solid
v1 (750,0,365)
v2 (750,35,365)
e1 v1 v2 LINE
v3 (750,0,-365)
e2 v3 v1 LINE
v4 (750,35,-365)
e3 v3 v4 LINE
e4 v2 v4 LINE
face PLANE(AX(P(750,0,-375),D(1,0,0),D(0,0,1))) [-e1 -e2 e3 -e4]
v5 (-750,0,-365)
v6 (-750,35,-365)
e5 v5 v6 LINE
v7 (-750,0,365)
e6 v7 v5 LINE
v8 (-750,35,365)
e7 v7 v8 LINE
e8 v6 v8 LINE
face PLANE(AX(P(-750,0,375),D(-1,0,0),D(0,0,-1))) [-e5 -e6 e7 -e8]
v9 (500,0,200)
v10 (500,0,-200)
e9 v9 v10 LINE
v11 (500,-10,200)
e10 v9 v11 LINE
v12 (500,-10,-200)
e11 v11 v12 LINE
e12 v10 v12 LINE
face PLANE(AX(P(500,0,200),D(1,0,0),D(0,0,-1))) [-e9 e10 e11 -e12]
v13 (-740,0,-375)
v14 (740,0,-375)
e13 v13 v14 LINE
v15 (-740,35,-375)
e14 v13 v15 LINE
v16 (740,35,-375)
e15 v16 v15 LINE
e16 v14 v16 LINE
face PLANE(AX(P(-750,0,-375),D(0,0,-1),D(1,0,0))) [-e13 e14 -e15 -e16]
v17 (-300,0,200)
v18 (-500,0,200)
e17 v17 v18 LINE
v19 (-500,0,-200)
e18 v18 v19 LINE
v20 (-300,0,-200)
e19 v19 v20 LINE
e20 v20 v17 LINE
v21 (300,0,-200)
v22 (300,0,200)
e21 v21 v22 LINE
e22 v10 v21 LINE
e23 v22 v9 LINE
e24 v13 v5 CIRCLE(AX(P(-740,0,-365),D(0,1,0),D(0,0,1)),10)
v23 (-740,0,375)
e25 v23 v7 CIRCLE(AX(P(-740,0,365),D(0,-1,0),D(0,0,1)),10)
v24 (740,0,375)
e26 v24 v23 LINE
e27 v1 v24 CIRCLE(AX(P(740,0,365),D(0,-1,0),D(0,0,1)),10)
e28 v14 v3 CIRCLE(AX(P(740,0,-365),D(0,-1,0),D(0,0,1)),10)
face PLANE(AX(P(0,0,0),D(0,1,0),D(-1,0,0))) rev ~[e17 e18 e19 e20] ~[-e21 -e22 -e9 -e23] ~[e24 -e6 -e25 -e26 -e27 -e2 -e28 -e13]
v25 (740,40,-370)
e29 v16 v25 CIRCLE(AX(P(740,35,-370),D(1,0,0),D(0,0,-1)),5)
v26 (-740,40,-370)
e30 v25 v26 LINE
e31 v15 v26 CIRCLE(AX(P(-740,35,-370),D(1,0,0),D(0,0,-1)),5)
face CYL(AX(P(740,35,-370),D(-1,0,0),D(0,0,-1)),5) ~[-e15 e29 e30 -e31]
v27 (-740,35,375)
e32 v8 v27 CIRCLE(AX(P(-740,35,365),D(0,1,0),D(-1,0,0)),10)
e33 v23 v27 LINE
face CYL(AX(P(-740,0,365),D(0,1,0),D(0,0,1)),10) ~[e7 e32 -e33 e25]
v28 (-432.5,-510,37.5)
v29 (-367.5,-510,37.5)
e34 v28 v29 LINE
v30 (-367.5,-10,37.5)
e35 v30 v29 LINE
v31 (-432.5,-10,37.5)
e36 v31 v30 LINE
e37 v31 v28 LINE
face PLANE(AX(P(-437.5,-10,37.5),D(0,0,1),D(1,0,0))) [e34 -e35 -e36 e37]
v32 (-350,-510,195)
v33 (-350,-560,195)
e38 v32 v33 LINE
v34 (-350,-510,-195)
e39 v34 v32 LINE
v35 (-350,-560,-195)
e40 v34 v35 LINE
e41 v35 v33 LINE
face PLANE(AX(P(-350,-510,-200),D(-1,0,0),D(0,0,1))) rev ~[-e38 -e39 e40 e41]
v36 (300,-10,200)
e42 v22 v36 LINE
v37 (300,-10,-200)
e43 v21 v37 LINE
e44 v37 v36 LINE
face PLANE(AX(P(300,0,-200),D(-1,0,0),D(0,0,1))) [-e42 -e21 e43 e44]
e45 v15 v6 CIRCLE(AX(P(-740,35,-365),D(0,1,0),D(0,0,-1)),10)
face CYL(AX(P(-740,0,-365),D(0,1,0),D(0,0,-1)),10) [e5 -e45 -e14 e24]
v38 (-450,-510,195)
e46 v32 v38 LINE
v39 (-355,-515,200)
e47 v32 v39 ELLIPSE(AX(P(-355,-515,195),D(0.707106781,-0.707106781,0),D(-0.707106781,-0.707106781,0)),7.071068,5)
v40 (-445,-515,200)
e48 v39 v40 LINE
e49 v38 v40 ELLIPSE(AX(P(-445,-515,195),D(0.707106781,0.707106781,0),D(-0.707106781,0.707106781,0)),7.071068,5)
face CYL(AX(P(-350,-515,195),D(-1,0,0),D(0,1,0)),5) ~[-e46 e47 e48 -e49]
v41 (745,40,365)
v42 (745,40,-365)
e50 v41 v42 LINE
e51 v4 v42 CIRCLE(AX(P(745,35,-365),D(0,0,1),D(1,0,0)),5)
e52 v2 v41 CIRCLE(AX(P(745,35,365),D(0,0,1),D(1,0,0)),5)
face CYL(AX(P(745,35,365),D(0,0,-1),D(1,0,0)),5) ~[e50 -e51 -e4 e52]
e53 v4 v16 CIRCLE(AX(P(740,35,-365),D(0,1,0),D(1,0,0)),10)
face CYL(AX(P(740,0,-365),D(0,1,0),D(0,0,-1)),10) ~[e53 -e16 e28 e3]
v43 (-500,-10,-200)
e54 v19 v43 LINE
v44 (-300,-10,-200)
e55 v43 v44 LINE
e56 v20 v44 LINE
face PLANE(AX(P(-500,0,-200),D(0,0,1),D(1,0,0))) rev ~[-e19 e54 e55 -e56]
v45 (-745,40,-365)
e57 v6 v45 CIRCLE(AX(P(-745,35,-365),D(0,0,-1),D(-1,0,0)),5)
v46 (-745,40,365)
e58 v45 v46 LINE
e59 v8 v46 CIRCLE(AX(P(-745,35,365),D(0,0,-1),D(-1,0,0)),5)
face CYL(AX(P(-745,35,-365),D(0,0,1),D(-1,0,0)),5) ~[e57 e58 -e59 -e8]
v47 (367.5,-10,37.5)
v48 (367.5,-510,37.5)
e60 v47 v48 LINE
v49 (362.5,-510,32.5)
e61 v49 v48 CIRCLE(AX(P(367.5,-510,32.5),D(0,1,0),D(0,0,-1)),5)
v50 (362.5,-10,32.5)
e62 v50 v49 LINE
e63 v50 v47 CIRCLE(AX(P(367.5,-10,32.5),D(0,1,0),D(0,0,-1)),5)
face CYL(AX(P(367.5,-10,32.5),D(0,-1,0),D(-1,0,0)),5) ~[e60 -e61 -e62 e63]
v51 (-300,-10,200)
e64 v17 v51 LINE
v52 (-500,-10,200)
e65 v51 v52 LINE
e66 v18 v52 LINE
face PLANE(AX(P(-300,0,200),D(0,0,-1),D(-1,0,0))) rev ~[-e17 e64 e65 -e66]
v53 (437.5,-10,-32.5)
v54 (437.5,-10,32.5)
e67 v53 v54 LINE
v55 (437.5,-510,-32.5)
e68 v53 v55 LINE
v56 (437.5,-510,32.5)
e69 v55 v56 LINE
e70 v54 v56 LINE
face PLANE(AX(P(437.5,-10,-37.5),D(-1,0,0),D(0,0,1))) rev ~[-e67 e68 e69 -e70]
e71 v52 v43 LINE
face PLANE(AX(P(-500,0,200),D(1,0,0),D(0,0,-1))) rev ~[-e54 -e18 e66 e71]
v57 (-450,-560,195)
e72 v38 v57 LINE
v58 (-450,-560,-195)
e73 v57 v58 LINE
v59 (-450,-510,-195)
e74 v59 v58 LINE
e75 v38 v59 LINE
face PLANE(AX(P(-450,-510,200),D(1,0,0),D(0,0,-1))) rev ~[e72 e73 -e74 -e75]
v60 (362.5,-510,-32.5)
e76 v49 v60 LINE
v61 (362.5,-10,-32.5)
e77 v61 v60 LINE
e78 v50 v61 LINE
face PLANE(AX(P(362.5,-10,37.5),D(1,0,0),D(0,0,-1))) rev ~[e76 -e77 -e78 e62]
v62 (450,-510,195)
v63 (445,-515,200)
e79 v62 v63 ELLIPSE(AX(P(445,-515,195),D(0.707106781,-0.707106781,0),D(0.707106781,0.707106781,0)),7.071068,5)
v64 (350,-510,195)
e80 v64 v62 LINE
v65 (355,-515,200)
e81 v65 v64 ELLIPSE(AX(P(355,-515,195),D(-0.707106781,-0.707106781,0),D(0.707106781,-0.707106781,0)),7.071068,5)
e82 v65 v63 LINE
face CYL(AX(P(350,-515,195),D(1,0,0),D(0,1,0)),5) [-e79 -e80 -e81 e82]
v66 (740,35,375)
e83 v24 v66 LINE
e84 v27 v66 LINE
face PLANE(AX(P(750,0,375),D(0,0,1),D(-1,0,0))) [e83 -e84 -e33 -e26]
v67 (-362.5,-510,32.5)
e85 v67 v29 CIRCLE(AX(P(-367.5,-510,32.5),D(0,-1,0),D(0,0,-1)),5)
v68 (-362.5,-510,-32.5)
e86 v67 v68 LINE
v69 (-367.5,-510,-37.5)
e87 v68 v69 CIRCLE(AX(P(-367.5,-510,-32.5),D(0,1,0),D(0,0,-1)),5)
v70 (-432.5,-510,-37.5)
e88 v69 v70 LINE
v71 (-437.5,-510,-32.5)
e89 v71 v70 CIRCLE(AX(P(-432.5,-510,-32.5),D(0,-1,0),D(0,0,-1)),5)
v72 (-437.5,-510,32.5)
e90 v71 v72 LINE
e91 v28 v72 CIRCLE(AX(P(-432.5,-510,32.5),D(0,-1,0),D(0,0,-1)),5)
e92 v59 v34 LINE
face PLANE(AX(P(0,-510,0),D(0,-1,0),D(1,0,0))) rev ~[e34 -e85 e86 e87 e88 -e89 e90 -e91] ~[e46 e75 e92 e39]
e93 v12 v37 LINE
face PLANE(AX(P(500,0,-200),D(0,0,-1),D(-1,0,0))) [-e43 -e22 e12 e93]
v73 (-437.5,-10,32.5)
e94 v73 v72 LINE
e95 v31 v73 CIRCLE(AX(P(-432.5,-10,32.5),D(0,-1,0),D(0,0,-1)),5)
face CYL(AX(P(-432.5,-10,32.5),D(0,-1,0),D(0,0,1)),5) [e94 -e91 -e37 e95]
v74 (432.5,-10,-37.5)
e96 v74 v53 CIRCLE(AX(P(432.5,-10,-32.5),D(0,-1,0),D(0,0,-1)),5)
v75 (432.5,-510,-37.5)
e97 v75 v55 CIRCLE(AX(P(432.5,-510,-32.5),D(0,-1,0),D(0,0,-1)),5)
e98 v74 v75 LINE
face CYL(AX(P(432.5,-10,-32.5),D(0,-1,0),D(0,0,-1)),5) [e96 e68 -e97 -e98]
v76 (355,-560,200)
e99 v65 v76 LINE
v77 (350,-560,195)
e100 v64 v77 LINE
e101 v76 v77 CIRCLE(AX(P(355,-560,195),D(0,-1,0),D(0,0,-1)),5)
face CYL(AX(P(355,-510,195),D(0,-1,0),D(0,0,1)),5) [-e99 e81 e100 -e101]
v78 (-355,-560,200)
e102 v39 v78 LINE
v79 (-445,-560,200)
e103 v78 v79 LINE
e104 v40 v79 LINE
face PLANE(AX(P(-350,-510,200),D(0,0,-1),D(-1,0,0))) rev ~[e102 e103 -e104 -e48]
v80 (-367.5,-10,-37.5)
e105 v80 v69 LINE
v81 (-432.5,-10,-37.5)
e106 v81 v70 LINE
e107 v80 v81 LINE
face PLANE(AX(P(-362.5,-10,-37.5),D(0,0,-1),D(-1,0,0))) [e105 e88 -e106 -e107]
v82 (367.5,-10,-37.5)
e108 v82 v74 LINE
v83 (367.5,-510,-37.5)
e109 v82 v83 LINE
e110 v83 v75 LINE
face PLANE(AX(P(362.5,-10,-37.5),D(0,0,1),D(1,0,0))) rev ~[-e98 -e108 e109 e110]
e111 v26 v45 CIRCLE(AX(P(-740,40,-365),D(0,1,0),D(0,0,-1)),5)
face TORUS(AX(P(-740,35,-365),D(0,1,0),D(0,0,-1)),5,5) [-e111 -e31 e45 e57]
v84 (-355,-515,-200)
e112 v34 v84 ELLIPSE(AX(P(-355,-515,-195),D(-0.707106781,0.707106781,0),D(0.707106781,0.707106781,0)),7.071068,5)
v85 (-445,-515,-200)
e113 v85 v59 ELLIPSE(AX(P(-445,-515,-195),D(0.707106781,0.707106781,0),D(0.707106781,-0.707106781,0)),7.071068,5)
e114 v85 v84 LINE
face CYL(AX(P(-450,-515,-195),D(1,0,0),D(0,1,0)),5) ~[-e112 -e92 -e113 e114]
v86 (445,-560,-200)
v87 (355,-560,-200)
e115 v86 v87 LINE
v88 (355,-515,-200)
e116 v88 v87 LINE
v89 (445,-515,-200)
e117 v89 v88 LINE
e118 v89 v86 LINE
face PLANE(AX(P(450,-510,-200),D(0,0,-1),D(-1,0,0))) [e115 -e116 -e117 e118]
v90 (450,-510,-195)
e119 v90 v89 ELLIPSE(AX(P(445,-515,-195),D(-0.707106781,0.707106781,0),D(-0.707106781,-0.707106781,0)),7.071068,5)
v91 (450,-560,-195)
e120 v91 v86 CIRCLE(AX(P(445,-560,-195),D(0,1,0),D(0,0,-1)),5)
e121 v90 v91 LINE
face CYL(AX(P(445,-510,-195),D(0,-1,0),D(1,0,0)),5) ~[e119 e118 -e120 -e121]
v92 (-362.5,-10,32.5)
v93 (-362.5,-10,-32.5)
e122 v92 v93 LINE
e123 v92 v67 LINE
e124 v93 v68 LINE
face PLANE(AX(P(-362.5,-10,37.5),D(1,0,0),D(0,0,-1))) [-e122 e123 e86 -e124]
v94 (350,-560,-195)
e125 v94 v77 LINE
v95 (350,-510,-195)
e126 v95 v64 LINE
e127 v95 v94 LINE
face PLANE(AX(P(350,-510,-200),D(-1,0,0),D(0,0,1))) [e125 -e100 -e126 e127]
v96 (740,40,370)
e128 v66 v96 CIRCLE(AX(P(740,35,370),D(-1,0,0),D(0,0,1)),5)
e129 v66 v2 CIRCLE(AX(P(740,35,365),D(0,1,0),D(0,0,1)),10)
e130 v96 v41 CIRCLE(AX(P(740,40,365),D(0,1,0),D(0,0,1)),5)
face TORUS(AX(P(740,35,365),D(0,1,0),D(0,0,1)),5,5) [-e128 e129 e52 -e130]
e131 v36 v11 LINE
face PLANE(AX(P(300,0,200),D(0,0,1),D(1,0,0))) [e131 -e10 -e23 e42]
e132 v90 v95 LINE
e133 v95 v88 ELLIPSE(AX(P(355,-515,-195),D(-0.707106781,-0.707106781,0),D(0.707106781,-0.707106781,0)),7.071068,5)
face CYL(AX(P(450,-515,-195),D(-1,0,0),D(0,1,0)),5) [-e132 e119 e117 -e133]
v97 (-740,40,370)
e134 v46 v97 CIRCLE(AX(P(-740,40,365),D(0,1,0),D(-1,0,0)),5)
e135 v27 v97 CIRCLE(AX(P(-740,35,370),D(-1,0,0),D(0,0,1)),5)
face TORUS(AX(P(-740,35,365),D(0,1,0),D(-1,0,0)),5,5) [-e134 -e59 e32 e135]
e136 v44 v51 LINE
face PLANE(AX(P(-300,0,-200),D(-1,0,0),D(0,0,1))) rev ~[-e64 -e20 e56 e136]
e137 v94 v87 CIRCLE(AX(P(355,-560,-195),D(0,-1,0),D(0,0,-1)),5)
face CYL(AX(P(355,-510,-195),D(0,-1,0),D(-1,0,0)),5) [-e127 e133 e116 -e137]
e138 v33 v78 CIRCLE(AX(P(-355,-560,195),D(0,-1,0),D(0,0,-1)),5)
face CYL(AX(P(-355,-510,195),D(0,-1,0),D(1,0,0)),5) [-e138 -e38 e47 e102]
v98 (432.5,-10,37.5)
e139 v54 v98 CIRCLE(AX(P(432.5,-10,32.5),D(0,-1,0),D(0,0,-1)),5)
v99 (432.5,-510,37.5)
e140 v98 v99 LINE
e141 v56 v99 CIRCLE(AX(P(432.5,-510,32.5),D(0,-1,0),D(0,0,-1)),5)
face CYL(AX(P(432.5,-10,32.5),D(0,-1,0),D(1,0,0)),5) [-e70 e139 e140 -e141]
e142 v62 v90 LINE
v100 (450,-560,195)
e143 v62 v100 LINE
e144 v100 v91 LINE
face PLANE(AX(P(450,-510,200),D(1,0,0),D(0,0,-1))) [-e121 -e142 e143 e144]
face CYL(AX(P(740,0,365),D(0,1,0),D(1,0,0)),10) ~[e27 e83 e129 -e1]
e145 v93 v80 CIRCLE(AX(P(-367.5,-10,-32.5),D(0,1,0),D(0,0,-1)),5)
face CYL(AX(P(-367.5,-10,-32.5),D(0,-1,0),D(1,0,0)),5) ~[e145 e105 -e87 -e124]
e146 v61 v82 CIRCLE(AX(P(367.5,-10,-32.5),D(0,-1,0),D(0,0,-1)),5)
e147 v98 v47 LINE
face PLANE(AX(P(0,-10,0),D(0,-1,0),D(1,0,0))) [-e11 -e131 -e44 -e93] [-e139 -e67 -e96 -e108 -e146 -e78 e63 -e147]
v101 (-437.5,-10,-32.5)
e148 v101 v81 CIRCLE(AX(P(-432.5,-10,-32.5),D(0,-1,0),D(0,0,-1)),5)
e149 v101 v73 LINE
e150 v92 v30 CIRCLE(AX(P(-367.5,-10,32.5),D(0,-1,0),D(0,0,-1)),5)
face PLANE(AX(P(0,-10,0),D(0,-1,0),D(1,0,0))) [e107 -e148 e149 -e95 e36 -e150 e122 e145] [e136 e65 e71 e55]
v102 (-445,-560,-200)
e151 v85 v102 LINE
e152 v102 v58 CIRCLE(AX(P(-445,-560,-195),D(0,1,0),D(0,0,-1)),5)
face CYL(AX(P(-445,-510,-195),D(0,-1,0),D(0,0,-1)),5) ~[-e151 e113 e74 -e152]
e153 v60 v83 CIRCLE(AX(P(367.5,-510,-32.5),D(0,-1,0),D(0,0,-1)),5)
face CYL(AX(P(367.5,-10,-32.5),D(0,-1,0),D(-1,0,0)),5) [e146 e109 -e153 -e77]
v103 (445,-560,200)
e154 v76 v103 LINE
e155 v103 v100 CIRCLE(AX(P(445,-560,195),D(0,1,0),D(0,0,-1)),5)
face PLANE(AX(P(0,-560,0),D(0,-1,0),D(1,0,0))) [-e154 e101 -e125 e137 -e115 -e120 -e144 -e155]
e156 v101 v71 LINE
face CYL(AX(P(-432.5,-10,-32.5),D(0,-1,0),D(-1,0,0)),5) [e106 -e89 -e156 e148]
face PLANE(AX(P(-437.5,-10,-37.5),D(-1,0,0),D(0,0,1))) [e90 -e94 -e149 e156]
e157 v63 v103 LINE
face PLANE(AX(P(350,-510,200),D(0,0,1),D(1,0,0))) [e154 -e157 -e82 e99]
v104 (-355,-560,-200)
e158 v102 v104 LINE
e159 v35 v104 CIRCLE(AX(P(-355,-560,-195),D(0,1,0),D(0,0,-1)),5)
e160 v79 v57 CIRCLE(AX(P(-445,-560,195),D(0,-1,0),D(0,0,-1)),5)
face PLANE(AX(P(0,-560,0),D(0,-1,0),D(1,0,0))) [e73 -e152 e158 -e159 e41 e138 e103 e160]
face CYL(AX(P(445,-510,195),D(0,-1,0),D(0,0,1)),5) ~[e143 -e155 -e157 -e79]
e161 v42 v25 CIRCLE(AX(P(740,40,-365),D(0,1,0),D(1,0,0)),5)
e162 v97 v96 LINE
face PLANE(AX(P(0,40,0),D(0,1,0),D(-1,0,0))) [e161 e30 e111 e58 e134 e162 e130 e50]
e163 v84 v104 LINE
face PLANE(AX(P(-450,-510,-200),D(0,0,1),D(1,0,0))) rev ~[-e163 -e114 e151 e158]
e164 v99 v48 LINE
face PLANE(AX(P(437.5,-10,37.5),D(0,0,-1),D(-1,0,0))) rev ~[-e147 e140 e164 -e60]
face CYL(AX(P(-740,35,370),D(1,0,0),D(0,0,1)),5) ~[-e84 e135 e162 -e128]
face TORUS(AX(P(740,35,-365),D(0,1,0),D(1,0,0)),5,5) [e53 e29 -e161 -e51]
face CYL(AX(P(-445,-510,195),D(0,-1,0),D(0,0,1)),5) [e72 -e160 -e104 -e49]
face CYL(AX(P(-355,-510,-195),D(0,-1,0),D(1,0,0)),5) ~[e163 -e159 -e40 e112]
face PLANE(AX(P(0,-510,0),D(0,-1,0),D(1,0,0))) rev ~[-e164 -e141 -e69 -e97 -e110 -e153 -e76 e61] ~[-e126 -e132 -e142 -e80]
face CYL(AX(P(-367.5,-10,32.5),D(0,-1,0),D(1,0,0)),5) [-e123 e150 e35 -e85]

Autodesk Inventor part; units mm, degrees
ref_plane "YZ Plane" through (0, 0, 0) normal (1, 0, 0) x (0, 1, 0)
ref_plane "XZ Plane" through (0, 0, 0) normal (0, 1, 0) x (-1, 0, 0)
ref_plane "XY Plane" through (0, 0, 0) normal (0, 0, 1) x (1, 0, 0)
sketch "Sketch1" plane through (0, 0, 0) normal (0, 1, 0) x (-1, 0, 0)
  line L0 (750, -375) -> (-750, -375)
  line L1 (-750, -375) -> (-750, 375)
  line L2 (-750, 375) -> (750, 375)
  line L3 (750, 375) -> (750, -375)
  line L4 (0, 0) -> (-250, 0) construction
  line L5 (0, 0) -> (0, -250) construction
  dimension "d0" = 1500
  dimension "d1" = 750
  dimension "d2" = 250
  dimension "d3" = 250
extrude "Extrusion1" add sketch "Sketch1" along normal blind 40
fillet "Fillet1" radius 10 4 edges at (750, 20, 375) (750, 20, -375) (-750, 20, -375) (-750, 20, 375)
fillet "Fillet2" radius 5 8 edges at (-747.0711, 40, -372.0711) (-750, 40, 0) (-747.0711, 40, 372.0711) (0, 40, 375) (747.0711, 40, 372.0711) (750, 40, 0) (747.0711, 40, -372.0711) (0, 40, -375)
sketch "Sketch2" plane through (0, 0, 0) normal (0, -1, 0) x (1, 0, 0)
  line L0 (0, 0) -> (400, 0) construction
  line L1 (750, -365) -> (750, 365) construction
  line L2 (300, 200) -> (500, 200)
  line L3 (500, 200) -> (500, -200)
  line L4 (500, -200) -> (300, -200)
  line L5 (300, -200) -> (300, 200)
  line L6 (400, 0) -> (400, -100) construction
  line L7 (0, 0) -> (0, 100) construction
  line L8 (-300, 200) -> (-500, 200)
  line L9 (-500, 200) -> (-500, -200)
  line L10 (-500, -200) -> (-300, -200)
  line L11 (-300, -200) -> (-300, 200)
  dimension "d8" = 400
  dimension "d10" = 200
  dimension "d11" = 400
  dimension "d14" = 100
  dimension "d15" = 100
extrude "Extrusion2" add sketch "Sketch2" along normal blind 10
sketch "Sketch3" plane through (0, -10, 0) normal (0, -1, 0) x (1, 0, 0)
  line L0 (0, 0) -> (400, 0) construction
  line L1 (400, 0) -> (400, 100) construction
  line L2 (362.5, -37.5) -> (437.5, -37.5)
  line L3 (437.5, -37.5) -> (437.5, 37.5)
  line L4 (437.5, 37.5) -> (362.5, 37.5)
  line L5 (362.5, 37.5) -> (362.5, -37.5)
  line L6 (0, 0) -> (0, 100) construction
  line L7 (-362.5, -37.5) -> (-437.5, -37.5)
  line L8 (-437.5, -37.5) -> (-437.5, 37.5)
  line L9 (-437.5, 37.5) -> (-362.5, 37.5)
  line L10 (-362.5, 37.5) -> (-362.5, -37.5)
  dimension "d18" = 400
  dimension "d19" = 100
  dimension "d20" = 75
  dimension "d21" = 75
  dimension "d22" = 100
extrude "Extrusion3" add sketch "Sketch3" along normal blind 500
sketch "Sketch4" plane through (0, -510, 0) normal (0, -1, 0) x (1, 0, 0)
  line L0 (0, 0) -> (400, 0) construction
  line L1 (400, 0) -> (400, 100) construction
  line L2 (400, 0) -> (400, -100) construction
  line L3 (350, 200) -> (450, 200)
  line L4 (450, 200) -> (450, -200)
  line L5 (450, -200) -> (350, -200)
  line L6 (350, -200) -> (350, 200)
  line L7 (0, 0) -> (0, 100) construction
  line L8 (-350, 200) -> (-450, 200)
  line L9 (-450, 200) -> (-450, -200)
  line L10 (-450, -200) -> (-350, -200)
  line L11 (-350, -200) -> (-350, 200)
  dimension "d25" = 400
  dimension "d26" = 100
  dimension "d27" = 100
  dimension "d28" = 100
  dimension "d29" = 400
  dimension "d30" = 100
extrude "Extrusion4" add sketch "Sketch4" along normal blind 50
fillet "Fillet3" radius 5 8 edges at (437.5, -260, -37.5) (362.5, -260, -37.5) (437.5, -260, 37.5) (-362.5, -260, -37.5) (-362.5, -260, 37.5) (-437.5, -260, -37.5) (362.5, -260, 37.5) (-437.5, -260, 37.5)
fillet "Fillet4" radius 5 12 edges at (-400, -510, 200) (-450, -535, 200) (-350, -535, 200) (350, -535, 200) (400, -510, 200) (450, -535, 200) (350, -535, -200) (-450, -535, -200) (-400, -510, -200) (-350, -535, -200) (400, -510, -200) (450, -535, -200)
properties part number "Table"
